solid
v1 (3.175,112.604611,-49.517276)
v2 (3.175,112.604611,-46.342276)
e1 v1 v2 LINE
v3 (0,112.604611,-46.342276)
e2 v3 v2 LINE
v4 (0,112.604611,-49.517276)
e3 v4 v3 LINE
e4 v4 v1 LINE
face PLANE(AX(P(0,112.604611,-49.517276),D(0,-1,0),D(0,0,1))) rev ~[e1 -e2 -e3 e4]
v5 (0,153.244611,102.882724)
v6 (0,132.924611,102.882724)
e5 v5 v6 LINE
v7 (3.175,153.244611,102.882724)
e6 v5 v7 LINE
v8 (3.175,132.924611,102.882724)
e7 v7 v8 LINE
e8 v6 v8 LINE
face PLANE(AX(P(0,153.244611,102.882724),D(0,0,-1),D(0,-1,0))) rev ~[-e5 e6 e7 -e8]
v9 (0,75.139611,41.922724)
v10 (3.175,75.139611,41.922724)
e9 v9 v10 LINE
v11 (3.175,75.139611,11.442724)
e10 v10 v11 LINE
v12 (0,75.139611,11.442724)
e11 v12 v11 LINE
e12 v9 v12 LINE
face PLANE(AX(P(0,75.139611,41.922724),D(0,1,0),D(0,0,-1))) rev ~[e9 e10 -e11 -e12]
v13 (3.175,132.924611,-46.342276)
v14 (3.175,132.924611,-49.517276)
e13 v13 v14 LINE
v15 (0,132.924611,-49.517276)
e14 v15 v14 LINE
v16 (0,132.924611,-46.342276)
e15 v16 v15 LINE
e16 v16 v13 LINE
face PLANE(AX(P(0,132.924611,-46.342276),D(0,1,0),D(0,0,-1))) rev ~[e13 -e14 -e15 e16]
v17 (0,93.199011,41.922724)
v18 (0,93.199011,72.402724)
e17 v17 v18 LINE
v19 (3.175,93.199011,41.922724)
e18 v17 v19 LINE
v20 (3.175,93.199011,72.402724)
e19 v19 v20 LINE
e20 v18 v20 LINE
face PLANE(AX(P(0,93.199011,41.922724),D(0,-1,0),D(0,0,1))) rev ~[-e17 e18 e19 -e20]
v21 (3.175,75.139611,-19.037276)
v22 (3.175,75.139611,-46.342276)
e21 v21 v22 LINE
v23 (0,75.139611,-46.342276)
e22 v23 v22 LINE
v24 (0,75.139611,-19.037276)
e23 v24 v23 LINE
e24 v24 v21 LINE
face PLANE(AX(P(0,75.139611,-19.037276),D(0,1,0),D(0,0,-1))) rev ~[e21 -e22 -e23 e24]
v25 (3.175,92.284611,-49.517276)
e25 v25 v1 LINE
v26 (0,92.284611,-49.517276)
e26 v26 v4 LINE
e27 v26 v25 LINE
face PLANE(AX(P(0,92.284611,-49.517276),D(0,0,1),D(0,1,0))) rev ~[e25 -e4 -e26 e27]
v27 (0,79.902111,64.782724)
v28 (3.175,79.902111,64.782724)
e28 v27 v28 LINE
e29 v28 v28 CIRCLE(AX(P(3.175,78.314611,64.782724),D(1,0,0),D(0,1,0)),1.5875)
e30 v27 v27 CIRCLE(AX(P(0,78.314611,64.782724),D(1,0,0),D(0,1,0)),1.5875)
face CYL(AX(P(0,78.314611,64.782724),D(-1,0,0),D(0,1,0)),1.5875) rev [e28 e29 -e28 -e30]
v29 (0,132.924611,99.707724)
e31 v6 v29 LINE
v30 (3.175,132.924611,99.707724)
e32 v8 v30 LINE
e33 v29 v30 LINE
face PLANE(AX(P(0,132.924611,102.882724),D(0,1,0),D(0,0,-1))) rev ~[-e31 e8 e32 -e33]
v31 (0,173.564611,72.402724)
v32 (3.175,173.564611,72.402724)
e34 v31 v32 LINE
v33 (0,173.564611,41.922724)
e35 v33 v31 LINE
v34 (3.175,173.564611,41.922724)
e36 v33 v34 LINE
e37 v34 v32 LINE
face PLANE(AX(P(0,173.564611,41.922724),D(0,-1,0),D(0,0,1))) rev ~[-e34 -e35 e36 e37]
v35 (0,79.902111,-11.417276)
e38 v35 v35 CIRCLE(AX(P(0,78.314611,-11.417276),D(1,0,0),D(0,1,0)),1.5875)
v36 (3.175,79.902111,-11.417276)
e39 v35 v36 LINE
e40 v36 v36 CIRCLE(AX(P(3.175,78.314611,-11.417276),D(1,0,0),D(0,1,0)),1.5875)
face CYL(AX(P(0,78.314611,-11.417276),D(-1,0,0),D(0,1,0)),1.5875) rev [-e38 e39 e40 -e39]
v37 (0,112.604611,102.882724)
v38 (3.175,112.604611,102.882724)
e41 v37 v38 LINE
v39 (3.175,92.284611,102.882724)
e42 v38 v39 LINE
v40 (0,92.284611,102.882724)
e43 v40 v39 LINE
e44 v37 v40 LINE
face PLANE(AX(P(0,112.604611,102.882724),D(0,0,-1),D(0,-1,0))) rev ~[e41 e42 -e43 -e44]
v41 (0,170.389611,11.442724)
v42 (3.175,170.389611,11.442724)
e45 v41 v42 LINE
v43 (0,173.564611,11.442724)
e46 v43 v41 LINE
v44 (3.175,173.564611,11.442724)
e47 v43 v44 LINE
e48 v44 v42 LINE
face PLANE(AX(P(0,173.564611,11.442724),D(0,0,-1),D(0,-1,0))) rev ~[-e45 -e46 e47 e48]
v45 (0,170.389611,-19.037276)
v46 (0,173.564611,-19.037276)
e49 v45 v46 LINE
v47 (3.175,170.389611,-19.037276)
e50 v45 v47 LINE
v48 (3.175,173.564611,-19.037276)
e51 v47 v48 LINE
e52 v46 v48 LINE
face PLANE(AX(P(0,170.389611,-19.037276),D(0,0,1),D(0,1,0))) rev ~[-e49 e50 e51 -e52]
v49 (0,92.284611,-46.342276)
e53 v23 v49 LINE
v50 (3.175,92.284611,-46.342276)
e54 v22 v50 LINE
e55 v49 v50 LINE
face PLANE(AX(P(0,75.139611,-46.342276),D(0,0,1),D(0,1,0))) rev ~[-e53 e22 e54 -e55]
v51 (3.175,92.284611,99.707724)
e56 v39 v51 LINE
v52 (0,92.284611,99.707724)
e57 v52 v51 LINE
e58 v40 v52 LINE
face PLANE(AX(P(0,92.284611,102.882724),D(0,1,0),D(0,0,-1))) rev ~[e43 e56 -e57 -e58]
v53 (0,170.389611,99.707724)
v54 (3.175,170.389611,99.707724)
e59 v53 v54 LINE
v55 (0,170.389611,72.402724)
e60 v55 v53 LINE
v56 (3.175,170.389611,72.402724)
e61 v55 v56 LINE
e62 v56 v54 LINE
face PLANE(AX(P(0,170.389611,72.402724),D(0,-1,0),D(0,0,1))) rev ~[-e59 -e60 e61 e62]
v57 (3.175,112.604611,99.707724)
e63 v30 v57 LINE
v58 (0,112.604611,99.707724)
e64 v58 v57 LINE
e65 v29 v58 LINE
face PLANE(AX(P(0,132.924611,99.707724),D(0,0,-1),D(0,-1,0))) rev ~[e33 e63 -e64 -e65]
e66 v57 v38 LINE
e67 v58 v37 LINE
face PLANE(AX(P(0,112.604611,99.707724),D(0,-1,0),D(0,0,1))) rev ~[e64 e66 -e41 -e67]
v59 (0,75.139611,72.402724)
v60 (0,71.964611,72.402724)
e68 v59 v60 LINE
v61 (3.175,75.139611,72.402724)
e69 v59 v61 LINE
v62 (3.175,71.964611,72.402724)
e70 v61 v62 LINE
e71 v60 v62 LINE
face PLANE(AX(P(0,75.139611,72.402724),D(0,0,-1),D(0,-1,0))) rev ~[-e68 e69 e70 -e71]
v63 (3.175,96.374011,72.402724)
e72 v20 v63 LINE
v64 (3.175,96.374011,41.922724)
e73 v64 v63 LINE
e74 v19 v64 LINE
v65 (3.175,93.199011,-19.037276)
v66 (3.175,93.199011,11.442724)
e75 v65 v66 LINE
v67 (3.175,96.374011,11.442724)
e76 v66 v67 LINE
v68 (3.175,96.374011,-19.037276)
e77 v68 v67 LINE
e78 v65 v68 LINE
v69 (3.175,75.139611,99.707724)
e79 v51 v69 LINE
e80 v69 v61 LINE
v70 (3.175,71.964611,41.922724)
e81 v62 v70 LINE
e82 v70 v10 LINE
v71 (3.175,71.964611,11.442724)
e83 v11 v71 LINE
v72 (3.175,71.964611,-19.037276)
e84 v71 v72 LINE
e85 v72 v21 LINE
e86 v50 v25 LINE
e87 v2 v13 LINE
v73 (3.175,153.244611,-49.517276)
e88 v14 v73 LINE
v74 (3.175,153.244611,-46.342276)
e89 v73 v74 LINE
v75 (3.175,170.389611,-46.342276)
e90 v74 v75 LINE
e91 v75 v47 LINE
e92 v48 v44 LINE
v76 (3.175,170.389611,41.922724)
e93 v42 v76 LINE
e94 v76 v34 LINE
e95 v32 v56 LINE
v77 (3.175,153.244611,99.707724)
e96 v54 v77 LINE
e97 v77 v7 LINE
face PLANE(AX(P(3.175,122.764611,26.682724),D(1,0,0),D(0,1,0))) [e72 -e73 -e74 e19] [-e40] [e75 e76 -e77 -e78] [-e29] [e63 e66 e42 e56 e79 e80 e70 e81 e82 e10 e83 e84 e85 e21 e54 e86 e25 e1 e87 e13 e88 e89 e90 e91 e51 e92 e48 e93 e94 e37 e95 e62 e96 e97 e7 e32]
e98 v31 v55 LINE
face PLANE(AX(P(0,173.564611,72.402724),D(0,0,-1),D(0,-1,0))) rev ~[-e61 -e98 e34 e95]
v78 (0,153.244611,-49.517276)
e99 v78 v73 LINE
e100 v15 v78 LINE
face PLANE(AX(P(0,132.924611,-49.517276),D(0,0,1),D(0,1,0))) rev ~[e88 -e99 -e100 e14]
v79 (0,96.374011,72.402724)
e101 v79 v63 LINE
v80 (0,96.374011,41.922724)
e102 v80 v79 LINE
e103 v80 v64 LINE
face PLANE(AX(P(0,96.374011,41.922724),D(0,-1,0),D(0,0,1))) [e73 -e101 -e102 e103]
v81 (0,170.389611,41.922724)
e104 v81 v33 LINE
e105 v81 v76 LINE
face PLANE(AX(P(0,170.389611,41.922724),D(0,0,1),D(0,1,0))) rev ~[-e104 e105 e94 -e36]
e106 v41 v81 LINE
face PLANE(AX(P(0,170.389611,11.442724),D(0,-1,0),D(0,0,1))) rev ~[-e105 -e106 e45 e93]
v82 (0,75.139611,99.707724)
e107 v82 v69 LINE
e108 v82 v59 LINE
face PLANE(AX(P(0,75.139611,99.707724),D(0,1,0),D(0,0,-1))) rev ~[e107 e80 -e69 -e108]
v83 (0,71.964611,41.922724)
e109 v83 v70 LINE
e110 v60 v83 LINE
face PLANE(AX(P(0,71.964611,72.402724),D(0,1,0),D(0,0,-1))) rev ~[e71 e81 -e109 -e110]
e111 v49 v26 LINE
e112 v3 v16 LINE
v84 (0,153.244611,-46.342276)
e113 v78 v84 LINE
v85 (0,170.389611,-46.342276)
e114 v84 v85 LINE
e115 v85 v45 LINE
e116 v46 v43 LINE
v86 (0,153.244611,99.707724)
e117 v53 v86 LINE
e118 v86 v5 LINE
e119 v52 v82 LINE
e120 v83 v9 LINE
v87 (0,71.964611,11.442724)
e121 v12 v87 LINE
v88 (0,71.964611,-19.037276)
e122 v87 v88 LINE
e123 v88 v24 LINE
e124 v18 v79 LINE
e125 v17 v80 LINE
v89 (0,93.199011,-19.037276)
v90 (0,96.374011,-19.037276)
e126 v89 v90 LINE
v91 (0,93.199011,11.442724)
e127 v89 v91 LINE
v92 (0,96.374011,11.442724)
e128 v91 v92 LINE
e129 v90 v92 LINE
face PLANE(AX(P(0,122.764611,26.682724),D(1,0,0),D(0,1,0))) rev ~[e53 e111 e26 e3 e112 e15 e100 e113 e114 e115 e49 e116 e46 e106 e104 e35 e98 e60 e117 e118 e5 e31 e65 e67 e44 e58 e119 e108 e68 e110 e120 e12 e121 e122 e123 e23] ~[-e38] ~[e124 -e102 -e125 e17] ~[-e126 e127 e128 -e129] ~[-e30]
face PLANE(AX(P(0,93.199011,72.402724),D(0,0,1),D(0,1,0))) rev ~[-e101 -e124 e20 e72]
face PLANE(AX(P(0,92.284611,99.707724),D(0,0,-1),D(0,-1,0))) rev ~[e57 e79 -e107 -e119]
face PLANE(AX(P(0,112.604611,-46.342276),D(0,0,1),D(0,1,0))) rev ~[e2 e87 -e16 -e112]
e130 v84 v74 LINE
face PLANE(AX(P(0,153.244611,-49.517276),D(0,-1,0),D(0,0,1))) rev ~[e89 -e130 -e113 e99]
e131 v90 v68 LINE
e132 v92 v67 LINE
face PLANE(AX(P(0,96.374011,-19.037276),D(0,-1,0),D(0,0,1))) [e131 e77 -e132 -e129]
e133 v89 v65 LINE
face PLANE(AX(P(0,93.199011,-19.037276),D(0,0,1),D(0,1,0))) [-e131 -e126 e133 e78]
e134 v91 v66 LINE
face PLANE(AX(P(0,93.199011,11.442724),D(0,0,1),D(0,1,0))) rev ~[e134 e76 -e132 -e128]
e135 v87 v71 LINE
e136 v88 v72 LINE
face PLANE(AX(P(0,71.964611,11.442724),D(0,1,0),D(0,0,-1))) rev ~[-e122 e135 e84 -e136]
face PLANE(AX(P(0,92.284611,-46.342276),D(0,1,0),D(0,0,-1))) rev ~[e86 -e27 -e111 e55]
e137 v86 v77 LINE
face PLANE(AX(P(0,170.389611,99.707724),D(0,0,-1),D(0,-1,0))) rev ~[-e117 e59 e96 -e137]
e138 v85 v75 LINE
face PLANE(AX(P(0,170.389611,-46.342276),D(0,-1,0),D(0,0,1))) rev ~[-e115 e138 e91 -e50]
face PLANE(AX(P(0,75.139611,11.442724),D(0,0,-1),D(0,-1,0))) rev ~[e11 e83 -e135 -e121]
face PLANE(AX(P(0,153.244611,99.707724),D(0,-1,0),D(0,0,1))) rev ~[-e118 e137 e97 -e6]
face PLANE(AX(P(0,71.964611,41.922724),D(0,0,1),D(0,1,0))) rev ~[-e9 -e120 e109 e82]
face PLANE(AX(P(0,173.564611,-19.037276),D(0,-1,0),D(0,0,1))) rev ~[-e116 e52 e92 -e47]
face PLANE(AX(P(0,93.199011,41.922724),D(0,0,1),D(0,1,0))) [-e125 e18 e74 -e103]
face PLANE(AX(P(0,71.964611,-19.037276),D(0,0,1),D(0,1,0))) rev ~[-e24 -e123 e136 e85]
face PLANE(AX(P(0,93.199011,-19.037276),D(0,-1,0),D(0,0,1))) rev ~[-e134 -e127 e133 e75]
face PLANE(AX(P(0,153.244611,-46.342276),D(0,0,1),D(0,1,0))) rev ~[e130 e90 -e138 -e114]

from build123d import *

# Parameters (mm, degrees)
F0_R     = 1.5875
F0_W     = 3.175
F0_H     = 30.48
F1_DEPTH = 3.175


with BuildPart() as f1:
    # F0 (on Right) → F1 (new body)
    with BuildSketch(Plane.YZ):
        Polygon((92.284611, 102.882724), (92.284611, 99.707724), (75.139611, 99.707724), (75.139611, 72.402724), (71.964611, 72.402724), (71.964611, 41.922724), (75.139611, 41.922724), (75.139611, 11.442724), (71.964611, 11.442724), (71.964611, -19.037276), (75.139611, -19.037276), (75.139611, -46.342276), (92.284611, -46.342276), (92.284611, -49.517276), (112.604611, -49.517276), (112.604611, -46.342276), (132.924611, -46.342276), (132.924611, -49.517276), (153.244611, -49.517276), (153.244611, -46.342276), (170.389611, -46.342276), (170.389611, -19.037276), (173.564611, -19.037276), (173.564611, 11.442724), (170.389611, 11.442724), (170.389611, 41.922724), (173.564611, 41.922724), (173.564611, 72.402724), (170.389611, 72.402724), (170.389611, 99.707724), (153.244611, 99.707724), (153.244611, 102.882724), (132.924611, 102.882724), (132.924611, 99.707724), (112.604611, 99.707724), (112.604611, 102.882724), align=None)
        with Locations((78.314611, -11.417276)):
            Circle(F0_R, mode=Mode.SUBTRACT)
        with Locations((94.786511, -3.797276)):
            Rectangle(F0_W, F0_H, mode=Mode.SUBTRACT)
        with Locations((78.314611, 64.782724)):
            Circle(F0_R, mode=Mode.SUBTRACT)
        with Locations((94.786511, 57.162724)):
            Rectangle(F0_W, F0_H, mode=Mode.SUBTRACT)
    extrude(amount=F1_DEPTH)


solid = f1.part
